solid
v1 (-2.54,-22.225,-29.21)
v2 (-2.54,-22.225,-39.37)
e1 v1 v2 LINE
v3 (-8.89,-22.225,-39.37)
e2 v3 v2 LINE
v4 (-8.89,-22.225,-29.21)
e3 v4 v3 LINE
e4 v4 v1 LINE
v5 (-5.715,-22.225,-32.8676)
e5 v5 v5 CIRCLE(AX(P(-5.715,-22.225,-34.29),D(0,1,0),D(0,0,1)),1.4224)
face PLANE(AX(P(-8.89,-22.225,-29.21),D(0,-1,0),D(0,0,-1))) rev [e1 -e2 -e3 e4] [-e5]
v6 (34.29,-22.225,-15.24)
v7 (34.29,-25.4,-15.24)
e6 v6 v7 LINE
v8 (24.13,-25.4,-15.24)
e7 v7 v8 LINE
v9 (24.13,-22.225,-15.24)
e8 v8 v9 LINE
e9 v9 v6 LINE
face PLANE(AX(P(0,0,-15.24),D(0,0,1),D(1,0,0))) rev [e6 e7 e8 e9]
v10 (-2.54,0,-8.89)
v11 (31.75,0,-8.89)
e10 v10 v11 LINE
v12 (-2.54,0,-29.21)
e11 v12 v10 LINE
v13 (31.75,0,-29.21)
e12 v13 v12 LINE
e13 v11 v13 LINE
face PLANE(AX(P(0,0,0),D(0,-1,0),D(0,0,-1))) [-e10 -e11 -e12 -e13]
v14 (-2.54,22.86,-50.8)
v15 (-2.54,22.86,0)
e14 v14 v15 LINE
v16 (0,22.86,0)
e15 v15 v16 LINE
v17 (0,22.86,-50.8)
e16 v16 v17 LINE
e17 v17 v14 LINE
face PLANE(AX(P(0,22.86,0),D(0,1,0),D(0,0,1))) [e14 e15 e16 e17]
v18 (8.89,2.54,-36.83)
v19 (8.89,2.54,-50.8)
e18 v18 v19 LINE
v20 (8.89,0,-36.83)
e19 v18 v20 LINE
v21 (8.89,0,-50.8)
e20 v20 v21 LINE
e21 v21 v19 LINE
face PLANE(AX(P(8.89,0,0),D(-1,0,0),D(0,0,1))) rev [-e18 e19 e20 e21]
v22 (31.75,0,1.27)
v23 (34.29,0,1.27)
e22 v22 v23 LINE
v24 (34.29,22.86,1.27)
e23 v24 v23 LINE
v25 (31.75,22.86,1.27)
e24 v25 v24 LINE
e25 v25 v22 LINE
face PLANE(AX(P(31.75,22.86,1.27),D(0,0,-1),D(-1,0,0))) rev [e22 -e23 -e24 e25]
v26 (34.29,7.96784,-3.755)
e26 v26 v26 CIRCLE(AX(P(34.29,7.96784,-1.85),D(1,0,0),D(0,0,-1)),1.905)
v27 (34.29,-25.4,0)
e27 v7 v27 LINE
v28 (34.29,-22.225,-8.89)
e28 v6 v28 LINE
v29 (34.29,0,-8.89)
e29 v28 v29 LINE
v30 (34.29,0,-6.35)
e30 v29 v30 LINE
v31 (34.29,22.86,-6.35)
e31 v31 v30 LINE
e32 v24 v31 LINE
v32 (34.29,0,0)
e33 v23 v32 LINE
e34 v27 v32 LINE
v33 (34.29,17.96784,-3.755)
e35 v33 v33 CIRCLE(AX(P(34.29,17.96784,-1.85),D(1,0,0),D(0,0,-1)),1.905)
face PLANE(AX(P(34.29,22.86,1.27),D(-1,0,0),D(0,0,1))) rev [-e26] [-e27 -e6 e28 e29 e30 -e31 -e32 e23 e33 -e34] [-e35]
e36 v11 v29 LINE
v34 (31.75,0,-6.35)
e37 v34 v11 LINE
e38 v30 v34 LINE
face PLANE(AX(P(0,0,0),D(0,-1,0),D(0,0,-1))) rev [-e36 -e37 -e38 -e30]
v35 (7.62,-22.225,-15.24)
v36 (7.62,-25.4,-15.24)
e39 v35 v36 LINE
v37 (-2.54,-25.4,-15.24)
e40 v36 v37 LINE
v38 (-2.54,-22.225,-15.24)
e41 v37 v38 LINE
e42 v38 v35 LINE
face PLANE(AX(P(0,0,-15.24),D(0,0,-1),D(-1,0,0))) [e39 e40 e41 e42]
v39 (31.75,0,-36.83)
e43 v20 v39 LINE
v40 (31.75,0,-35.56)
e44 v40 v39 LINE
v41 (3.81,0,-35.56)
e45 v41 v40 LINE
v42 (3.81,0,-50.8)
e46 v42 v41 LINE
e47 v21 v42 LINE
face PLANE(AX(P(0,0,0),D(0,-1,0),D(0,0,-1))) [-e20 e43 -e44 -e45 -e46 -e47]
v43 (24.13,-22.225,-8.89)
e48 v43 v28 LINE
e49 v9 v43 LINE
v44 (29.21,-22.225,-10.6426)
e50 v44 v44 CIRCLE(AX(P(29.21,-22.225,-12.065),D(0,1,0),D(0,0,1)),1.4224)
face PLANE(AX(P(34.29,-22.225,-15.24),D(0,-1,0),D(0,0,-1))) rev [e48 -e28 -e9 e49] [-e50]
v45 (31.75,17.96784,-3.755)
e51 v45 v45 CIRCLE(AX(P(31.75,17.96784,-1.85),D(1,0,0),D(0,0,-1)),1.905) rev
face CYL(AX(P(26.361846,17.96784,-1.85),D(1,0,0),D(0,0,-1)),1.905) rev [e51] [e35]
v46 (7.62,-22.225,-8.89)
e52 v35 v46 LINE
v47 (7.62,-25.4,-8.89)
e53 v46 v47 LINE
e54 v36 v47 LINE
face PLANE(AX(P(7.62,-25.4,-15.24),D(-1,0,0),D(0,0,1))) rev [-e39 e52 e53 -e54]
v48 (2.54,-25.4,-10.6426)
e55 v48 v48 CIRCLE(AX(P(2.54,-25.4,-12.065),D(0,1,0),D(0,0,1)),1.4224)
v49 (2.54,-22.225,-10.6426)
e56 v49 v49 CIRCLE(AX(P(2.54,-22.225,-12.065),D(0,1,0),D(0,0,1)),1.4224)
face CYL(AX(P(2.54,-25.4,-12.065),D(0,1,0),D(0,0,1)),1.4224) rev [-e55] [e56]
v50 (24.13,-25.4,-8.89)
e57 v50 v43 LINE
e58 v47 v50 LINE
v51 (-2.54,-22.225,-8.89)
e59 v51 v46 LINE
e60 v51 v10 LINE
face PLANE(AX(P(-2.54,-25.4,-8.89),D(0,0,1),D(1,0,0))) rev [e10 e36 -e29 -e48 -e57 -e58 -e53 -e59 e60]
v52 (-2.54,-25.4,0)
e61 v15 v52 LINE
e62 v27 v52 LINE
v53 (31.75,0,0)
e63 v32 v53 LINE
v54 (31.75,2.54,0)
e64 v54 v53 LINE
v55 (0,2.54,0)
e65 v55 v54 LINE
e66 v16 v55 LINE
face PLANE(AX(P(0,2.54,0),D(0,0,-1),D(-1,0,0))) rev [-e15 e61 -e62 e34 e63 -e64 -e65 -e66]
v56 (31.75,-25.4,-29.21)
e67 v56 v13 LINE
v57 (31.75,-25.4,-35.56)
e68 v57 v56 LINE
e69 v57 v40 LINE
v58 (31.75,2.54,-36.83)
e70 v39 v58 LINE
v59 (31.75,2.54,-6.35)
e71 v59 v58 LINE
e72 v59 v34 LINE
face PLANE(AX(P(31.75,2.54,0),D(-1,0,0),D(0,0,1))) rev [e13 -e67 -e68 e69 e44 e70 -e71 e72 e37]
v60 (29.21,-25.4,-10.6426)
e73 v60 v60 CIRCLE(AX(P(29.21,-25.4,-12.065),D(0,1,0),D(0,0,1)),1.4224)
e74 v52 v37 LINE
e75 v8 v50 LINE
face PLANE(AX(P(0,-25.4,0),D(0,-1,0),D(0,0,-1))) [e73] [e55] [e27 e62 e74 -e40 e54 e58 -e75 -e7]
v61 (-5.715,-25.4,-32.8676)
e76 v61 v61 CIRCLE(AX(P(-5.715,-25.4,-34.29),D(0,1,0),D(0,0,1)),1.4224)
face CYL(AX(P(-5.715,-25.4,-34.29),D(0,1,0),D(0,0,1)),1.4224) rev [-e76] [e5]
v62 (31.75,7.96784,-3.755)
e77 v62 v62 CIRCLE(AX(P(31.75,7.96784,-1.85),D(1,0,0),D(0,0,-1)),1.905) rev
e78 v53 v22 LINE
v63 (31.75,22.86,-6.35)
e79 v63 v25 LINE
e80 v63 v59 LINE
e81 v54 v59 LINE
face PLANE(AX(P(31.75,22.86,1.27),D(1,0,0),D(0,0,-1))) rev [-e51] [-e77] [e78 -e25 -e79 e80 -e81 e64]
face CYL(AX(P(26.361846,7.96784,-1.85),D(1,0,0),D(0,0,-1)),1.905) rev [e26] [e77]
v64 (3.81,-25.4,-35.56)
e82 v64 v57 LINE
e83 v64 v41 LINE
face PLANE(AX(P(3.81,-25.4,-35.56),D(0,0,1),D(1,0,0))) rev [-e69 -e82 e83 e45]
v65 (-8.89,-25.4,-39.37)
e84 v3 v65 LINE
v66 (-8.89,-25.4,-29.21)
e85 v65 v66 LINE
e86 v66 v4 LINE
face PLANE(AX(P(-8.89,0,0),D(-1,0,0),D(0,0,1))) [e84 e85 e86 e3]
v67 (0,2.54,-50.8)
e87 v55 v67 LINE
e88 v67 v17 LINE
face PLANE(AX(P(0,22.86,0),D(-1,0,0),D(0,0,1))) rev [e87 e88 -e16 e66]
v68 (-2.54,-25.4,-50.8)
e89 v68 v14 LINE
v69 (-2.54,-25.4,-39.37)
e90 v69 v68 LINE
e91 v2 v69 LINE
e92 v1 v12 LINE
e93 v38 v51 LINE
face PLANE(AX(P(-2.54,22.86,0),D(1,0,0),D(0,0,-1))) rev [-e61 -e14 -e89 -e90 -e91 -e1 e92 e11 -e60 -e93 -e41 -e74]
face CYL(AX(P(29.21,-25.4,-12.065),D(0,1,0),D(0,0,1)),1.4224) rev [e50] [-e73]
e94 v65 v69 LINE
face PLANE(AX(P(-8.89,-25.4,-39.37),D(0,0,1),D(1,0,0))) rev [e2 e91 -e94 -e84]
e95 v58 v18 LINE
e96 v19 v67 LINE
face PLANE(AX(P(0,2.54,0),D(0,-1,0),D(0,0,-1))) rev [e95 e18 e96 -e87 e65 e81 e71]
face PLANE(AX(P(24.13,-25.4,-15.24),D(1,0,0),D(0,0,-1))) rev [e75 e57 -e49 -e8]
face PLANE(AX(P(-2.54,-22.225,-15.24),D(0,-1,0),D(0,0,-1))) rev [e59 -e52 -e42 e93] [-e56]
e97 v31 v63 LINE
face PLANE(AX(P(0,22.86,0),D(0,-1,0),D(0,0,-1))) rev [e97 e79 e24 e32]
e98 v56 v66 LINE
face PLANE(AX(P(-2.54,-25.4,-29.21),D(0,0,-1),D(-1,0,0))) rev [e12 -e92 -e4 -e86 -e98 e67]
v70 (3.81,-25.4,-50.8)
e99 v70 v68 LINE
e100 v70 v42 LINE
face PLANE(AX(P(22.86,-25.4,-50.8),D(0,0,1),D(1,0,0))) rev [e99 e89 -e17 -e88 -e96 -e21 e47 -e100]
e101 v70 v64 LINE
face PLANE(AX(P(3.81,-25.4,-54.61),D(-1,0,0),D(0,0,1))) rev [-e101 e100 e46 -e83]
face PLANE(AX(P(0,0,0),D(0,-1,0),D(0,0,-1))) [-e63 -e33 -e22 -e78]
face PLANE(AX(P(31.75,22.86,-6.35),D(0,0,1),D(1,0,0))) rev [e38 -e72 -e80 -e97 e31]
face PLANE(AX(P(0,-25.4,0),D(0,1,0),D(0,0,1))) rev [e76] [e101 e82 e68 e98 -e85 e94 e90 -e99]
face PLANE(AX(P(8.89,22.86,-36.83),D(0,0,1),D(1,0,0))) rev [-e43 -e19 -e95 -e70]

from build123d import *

# Parameters (mm, degrees)
SKETCH1_W           = 31.75
SKETCH1_H           = 54.61
BOSS_EXTRUDE1_DEPTH = 2.54
SKETCH2_W           = 2.54
SKETCH2_H           = 7.62
SKETCH2_H_2         = 54.61
BOSS_EXTRUDE2_DEPTH = 22.86
SKETCH3_W           = 36.83
SKETCH3_H           = 8.89
BOSS_EXTRUDE3_DEPTH = 25.4
SKETCH4_R           = 1.905
CUT_EXTRUDE1_DEPTH  = 2.54
SKETCH5_W           = 36.83
SKETCH5_H           = 25.4
CUT_EXTRUDE2_DEPTH  = 17.78
BOSS_EXTRUDE4_DEPTH = 25.4
SKETCH7_W           = 19.05
SKETCH7_H           = 22.86
CUT_EXTRUDE3_DEPTH  = 25.4
SKETCH8_W           = 3.81
SKETCH8_H           = 48.26
CUT_EXTRUDE4_DEPTH  = 25.4
SKETCH9_W           = 10.16
SKETCH9_H           = 3.175
BOSS_EXTRUDE5_DEPTH = 6.35
SKETCH10_W          = 10.16
SKETCH10_H          = 3.175
BOSS_EXTRUDE6_DEPTH = 6.35
SKETCH11_R          = 1.4224
CUT_EXTRUDE5_DEPTH  = 77.086144107


with BuildPart() as part:
    # Sketch1 → Boss-Extrude1 (new body)
    with BuildSketch(Plane(origin=(0, 0, 0), x_dir=(1, 0, 0), z_dir=(0, 1, 0))):
        with Locations((15.875, 27.305)):
            Rectangle(SKETCH1_W, SKETCH1_H)
    extrude(amount=BOSS_EXTRUDE1_DEPTH)

    # Sketch2 → Boss-Extrude2 (add)
    with BuildSketch(Plane(origin=(0, 0, 0), x_dir=(1, 0, 0), z_dir=(0, 1, 0))):
        with Locations((33.02, 2.54)):
            Rectangle(SKETCH2_W, SKETCH2_H)
        with Locations((33.02, 52.07)):
            Rectangle(SKETCH2_W, SKETCH2_H)
        with Locations((-1.27, 27.305)):
            Rectangle(SKETCH2_W, SKETCH2_H_2)
    extrude(amount=BOSS_EXTRUDE2_DEPTH)

    # Sketch3 → Boss-Extrude3 (add)
    with BuildSketch(Plane.XZ):
        with Locations((15.875, -4.445)):
            Rectangle(SKETCH3_W, SKETCH3_H)
        with Locations((15.875, -50.165)):
            Rectangle(SKETCH3_W, SKETCH3_H)
    extrude(amount=BOSS_EXTRUDE3_DEPTH)

    # Sketch4 → Cut-Extrude1 (cut)
    with BuildSketch(Plane(origin=(34.29, 0, 0), x_dir=(0, 0, -1), z_dir=(1, 0, 0))):
        with Locations((1.85, 17.967840319)):
            Circle(SKETCH4_R)
        with Locations((1.85, 7.967840319)):
            Circle(SKETCH4_R)
        with Locations((52.76, 17.967840319)):
            Circle(SKETCH4_R)
        with Locations((52.76, 7.967840319)):
            Circle(SKETCH4_R)
    extrude(amount=-CUT_EXTRUDE1_DEPTH, mode=Mode.SUBTRACT)

    # Sketch5 → Cut-Extrude2 (cut)
    with BuildSketch(Plane(origin=(0, 0, -54.61), x_dir=(-1, 0, 0), z_dir=(0, 0, -1))):
        with Locations((-15.875, -12.7)):
            Rectangle(SKETCH5_W, SKETCH5_H)
    extrude(amount=-CUT_EXTRUDE2_DEPTH, mode=Mode.SUBTRACT)

    # Sketch6 → Boss-Extrude4 (add)
    with BuildSketch(Plane.XZ):
        Polygon((-2.54, -54.61), (3.81, -54.61), (3.81, -35.56), (31.75, -35.56), (31.75, -29.21), (1.40371894, -29.21), (-2.54, -29.21), align=None)
    extrude(amount=BOSS_EXTRUDE4_DEPTH)

    # Sketch7 → Cut-Extrude3 (cut)
    with BuildSketch(Plane(origin=(34.29, 0, 0), x_dir=(0, 0, -1), z_dir=(1, 0, 0))):
        with Locations((46.355, 11.43)):
            Rectangle(SKETCH7_W, SKETCH7_H)
    extrude(amount=-CUT_EXTRUDE3_DEPTH, mode=Mode.SUBTRACT)

    # Sketch8 → Cut-Extrude4 (cut)
    with BuildSketch(Plane.ZY.offset(2.54)):
        with Locations((-52.705, -1.27)):
            Rectangle(SKETCH8_W, SKETCH8_H)
    extrude(amount=-CUT_EXTRUDE4_DEPTH, mode=Mode.SUBTRACT)

    # Sketch9 → Boss-Extrude5 (add)
    with BuildSketch(Plane(origin=(0, 0, -8.89), x_dir=(-1, 0, 0), z_dir=(0, 0, -1))):
        with Locations((-29.21, -23.8125)):
            Rectangle(SKETCH9_W, SKETCH9_H)
        with Locations((-2.54, -23.8125)):
            Rectangle(SKETCH9_W, SKETCH9_H)
    extrude(amount=BOSS_EXTRUDE5_DEPTH)

    # Sketch10 → Boss-Extrude6 (add)
    with BuildSketch(Plane.ZY.offset(2.54)):
        with Locations((-34.29, -23.8125)):
            Rectangle(SKETCH10_W, SKETCH10_H)
    extrude(amount=BOSS_EXTRUDE6_DEPTH)

    # Sketch11 → Cut-Extrude5 (cut, through all)
    with BuildSketch(Plane(origin=(0, -22.225, 0), x_dir=(1, 0, 0), z_dir=(0, 1, 0))):
        with Locations(Location((29.21, 12.065, 0), (0, 0, 270))):
            Circle(SKETCH11_R)
        with Locations(Location((2.54, 12.065, 0), (0, 0, 270))):
            Circle(SKETCH11_R)
        with Locations(Location((-5.715, 34.29, 0), (0, 0, 270))):
            Circle(SKETCH11_R)
    extrude(amount=-CUT_EXTRUDE5_DEPTH, mode=Mode.SUBTRACT)


solid = part.part
